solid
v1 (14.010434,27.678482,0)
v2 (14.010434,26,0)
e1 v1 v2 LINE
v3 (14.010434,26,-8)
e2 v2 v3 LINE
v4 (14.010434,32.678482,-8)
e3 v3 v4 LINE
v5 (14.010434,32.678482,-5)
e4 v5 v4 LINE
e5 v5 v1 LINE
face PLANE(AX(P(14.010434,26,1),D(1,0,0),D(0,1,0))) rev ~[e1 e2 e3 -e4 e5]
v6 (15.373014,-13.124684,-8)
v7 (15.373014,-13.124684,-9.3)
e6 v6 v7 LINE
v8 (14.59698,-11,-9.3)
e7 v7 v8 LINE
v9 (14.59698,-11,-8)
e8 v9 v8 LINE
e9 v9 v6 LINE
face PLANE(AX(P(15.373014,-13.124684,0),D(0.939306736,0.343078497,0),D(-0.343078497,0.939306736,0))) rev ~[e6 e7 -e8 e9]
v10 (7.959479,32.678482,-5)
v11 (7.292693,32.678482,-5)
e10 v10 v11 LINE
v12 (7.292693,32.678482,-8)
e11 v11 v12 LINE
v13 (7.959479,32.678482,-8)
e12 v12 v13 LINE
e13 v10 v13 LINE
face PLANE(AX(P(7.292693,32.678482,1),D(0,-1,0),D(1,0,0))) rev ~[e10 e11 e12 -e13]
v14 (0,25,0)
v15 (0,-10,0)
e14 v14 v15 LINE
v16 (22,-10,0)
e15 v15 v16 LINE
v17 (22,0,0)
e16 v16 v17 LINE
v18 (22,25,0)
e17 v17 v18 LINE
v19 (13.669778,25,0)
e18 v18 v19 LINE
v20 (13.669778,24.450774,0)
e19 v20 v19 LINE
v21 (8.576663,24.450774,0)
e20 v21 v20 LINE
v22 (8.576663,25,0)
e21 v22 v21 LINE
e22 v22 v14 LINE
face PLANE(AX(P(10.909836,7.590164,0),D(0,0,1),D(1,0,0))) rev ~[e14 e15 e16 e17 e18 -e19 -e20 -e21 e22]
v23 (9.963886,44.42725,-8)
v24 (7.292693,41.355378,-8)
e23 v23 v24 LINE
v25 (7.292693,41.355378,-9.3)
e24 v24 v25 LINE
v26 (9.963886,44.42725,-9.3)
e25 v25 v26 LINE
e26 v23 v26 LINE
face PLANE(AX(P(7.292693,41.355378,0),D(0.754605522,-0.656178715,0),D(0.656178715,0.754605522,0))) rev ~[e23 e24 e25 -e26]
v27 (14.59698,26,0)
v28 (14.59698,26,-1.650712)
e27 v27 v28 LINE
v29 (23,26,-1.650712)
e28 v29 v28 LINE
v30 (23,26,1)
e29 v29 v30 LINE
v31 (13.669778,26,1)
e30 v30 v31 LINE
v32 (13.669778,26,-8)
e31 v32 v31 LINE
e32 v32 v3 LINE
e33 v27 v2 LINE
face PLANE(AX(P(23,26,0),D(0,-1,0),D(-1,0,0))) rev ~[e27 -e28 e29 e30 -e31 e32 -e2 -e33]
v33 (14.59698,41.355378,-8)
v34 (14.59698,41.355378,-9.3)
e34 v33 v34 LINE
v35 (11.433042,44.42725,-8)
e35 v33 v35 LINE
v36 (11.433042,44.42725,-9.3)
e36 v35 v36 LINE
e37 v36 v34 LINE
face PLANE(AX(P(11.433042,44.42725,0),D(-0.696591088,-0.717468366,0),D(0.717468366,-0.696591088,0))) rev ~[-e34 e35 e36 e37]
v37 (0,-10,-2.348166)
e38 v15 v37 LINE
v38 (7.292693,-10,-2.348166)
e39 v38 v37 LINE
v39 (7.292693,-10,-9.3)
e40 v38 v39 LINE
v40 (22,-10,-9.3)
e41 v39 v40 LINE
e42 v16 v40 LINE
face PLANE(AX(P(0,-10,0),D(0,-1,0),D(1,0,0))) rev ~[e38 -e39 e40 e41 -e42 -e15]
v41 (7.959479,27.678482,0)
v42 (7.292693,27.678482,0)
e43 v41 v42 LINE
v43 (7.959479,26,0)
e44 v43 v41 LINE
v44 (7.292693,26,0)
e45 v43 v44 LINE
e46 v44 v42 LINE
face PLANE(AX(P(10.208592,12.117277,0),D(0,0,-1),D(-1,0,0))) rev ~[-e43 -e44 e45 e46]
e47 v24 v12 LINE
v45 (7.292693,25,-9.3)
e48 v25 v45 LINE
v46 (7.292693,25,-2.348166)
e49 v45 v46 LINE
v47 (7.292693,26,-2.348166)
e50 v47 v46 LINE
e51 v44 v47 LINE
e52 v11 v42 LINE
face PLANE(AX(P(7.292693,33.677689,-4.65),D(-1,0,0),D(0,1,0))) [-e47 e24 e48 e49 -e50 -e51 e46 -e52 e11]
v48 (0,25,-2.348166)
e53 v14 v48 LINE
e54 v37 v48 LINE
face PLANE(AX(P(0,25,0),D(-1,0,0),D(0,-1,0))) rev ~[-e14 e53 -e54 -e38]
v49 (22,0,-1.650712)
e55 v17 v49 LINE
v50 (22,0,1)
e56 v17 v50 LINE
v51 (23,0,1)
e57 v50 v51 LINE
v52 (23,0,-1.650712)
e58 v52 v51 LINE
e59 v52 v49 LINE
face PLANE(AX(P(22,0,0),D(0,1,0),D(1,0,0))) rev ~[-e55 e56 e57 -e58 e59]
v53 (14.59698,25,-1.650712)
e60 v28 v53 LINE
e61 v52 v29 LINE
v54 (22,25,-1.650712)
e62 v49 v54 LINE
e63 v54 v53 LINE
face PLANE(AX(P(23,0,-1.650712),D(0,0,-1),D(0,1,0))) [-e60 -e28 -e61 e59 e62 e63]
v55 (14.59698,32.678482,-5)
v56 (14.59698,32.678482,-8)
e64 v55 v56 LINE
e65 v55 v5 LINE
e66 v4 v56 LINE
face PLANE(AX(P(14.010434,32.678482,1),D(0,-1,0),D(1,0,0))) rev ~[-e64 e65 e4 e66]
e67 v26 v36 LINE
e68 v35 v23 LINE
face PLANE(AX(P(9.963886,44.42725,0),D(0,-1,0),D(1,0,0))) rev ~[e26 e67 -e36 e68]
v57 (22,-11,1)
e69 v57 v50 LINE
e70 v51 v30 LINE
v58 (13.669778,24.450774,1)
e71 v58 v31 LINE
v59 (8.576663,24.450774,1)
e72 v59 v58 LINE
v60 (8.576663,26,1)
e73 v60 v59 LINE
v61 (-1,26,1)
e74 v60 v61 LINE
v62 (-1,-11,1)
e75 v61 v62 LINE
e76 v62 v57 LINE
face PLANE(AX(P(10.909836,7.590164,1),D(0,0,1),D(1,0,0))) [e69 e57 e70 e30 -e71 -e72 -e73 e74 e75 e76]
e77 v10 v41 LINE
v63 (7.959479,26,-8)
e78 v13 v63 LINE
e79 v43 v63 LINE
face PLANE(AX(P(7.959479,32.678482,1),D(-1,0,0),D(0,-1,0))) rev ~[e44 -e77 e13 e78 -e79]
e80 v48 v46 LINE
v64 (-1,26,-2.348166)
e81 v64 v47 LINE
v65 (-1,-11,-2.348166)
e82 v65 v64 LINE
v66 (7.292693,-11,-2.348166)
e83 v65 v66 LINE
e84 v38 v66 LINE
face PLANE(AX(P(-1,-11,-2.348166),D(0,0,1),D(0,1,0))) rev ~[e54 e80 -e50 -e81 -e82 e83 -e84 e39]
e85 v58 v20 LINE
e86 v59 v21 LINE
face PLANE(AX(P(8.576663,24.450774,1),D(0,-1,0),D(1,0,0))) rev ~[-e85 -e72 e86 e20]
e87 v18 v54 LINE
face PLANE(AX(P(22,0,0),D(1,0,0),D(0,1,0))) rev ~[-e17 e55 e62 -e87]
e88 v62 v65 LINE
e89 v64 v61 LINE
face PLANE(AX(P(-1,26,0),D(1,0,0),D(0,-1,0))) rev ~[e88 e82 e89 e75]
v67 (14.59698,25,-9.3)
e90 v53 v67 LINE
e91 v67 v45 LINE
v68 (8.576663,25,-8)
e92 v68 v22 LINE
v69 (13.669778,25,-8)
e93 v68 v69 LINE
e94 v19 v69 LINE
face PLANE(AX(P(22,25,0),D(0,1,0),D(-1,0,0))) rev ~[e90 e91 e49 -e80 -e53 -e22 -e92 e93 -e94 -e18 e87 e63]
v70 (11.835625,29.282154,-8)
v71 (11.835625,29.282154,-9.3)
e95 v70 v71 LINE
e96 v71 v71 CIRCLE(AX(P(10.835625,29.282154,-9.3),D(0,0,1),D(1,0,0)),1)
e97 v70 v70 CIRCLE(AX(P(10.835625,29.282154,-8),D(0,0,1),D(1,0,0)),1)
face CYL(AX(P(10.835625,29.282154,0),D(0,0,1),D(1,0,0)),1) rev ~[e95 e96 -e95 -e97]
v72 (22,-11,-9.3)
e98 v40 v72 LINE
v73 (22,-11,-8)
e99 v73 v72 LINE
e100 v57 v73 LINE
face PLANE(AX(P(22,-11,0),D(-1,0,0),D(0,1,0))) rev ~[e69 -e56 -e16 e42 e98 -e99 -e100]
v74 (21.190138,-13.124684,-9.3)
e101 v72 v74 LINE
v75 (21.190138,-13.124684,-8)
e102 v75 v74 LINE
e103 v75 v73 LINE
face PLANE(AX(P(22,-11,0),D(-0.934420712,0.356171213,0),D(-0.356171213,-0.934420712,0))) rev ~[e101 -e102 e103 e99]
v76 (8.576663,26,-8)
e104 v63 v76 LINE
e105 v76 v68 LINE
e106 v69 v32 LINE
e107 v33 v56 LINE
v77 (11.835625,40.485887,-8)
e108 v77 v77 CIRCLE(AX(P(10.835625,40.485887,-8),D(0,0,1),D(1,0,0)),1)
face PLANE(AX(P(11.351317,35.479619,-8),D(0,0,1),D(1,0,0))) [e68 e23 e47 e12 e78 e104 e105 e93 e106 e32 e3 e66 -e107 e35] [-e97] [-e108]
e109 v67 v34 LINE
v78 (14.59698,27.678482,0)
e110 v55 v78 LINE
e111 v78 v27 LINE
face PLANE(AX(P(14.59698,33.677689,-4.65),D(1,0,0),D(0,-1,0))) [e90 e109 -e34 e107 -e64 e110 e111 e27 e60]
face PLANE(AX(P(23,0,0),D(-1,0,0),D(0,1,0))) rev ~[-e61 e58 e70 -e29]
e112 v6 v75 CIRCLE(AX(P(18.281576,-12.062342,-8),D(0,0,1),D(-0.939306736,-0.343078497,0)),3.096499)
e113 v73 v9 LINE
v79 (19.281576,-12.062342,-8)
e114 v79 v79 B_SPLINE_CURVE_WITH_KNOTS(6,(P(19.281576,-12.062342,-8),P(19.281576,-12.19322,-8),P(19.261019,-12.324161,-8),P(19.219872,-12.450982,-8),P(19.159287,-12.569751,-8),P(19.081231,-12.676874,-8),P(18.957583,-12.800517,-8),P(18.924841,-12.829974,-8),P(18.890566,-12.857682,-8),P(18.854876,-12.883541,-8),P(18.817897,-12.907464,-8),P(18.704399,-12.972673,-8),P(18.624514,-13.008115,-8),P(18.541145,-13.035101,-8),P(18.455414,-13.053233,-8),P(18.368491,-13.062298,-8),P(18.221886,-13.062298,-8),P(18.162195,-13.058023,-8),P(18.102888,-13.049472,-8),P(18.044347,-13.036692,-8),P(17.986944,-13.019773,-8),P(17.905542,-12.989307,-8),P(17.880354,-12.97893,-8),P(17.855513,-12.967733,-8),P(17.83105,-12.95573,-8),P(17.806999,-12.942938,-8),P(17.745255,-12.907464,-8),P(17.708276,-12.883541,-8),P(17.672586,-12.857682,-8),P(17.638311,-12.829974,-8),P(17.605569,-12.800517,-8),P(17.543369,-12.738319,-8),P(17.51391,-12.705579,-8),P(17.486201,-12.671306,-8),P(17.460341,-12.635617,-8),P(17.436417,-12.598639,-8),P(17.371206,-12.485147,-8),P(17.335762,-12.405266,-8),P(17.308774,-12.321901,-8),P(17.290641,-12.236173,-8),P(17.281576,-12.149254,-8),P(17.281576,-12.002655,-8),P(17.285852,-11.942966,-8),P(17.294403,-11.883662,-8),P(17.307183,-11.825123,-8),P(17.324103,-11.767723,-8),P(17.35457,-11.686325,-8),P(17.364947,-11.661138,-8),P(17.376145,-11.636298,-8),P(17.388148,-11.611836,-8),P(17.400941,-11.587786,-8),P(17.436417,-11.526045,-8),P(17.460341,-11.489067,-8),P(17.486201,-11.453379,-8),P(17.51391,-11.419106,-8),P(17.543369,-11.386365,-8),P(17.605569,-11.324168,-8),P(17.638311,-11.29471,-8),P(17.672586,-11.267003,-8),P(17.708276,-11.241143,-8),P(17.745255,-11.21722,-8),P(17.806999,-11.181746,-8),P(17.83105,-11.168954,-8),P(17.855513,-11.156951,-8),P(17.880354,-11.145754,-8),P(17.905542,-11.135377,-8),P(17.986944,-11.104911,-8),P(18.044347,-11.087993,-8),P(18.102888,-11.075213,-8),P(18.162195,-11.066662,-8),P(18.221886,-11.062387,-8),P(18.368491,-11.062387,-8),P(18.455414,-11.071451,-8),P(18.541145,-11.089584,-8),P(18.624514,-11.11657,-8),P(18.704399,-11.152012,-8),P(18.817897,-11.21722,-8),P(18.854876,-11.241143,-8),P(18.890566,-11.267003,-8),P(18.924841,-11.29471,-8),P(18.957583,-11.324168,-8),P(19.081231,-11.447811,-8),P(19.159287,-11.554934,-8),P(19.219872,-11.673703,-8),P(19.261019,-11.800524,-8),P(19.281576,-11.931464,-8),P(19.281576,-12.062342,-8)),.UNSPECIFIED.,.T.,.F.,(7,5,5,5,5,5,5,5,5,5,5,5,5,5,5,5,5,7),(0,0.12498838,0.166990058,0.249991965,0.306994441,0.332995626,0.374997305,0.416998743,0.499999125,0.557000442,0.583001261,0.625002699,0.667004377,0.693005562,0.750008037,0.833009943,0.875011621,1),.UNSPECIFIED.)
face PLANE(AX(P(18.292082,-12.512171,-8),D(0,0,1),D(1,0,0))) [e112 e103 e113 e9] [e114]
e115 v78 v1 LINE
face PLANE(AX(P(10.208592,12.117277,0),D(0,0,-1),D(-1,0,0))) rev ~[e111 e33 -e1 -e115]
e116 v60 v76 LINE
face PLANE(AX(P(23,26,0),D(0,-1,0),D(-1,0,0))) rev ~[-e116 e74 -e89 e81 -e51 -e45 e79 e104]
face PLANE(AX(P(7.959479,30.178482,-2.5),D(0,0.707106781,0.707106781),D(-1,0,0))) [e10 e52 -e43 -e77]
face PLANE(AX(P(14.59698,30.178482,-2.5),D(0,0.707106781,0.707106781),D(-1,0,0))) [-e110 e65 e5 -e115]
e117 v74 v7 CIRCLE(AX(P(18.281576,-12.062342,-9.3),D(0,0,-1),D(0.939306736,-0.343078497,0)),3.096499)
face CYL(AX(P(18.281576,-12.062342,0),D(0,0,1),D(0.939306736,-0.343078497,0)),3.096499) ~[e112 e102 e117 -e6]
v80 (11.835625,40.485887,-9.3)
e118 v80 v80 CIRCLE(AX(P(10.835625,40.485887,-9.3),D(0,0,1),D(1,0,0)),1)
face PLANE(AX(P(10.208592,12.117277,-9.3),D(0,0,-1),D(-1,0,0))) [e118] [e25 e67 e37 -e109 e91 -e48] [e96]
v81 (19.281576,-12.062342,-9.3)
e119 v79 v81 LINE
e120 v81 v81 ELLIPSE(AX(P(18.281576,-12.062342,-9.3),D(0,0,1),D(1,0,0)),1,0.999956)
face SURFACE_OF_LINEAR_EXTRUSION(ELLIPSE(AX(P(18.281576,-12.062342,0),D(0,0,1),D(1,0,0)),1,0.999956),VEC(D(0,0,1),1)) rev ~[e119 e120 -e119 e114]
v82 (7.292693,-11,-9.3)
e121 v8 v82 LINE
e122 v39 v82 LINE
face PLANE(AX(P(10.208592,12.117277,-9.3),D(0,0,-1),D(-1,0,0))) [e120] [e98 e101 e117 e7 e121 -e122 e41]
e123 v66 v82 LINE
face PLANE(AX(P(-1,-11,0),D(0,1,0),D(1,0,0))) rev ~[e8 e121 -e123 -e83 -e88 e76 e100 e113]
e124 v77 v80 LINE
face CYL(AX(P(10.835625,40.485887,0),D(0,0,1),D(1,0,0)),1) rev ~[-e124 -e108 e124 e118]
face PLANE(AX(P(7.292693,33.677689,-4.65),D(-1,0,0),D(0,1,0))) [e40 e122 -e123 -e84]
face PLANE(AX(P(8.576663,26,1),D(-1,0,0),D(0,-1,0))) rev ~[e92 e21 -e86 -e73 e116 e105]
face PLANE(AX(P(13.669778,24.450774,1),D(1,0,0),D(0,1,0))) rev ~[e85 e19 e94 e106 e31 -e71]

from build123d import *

# Parameters (mm, degrees)
ESQUISSE1_R             = 1
ESQUISSE1_RX            = 1
ESQUISSE1_RY            = 0.999955708
EXTRUSION1_DEPTH        = 9.3
EXTRUSION2_DEPTH        = 1
ENL_V_MAT_EXTRU_1_REACH = 53.345
ESQUISSE3_W             = 7.649288298
ESQUISSE3_H             = 26
ENL_V_MAT_EXTRU_2_REACH = 53.345
ESQUISSE4_W             = 6.951833508
ESQUISSE4_H             = 37
ENL_V_MAT_EXTRU_3_DEPTH = 9
CHANFREIN1_SIZE         = 5
ENL_V_MAT_EXTRU_4_DEPTH = 8


with BuildPart() as part:
    # Esquisse1 → Extrusion1 (new body)
    with BuildSketch(Plane.XY):
        with BuildLine():
            Line((22, 0), (22, 25))
            Line((22, 25), (0, 25))
            Line((0, 25), (0, -10))
            Line((0, -10), (22, -10))
            Line((22, -10), (22, -11))
            Line((22, -11), (21.190138404, -13.124684482))
            ThreePointArc((21.190138404, -13.124684482), (18.28157598, -15.158841298), (15.373013556, -13.124684482))
            Line((15.373013556, -13.124684482), (14.596979988, -11))
            Line((14.596979988, -11), (-1, -11))
            Line((-1, -11), (-1, 26))
            Line((-1, 26), (7.292692784, 26))
            Line((7.292692784, 26), (7.292692784, 41.355378005))
            Line((7.292692784, 41.355378005), (9.96388584, 44.427250018))
            Line((9.96388584, 44.427250018), (11.43304202, 44.427250018))
            Line((11.43304202, 44.427250018), (14.596979988, 41.355378005))
            Line((14.596979988, 41.355378005), (14.596979988, 26))
            Line((14.596979988, 26), (23, 26))
            Line((23, 26), (23, 0))
            Line((23, 0), (22, 0))
        make_face()
        with Locations((10.835624977, 29.282154136)):
            Circle(ESQUISSE1_R, mode=Mode.SUBTRACT)
        with Locations((10.835624977, 40.485887017)):
            Circle(ESQUISSE1_R, mode=Mode.SUBTRACT)
        with Locations(Location((18.28157598, -12.062342241), (0, 0, 0))):
            Ellipse(ESQUISSE1_RX, ESQUISSE1_RY, mode=Mode.SUBTRACT)
    extrude(amount=-EXTRUSION1_DEPTH)

    # Esquisse2 → Extrusion2 (add)
    with BuildSketch(Plane.XY):
        Polygon((22, 0), (23, 0), (23, 26), (-1, 26), (-1, -11), (22, -11), align=None)
    extrude(amount=EXTRUSION2_DEPTH)

    # Enlèv. mat.-Extru.1: up to this face of the body (flat: up to its plane)
    enl_v_mat_extru_1_end = Plane(part.part.faces().sort_by_distance((14.596979988, 33.677689002, -4.65))[0])
    # Esquisse3 → Enlèv. mat.-Extru.1 (cut, up to the picked face)
    with BuildSketch(Plane(origin=(23, 0, 0), x_dir=(0, 0, -1), z_dir=(1, 0, 0)), mode=Mode.PRIVATE) as enl_v_mat_extru_1_sk1:
        with Locations((5.475355851, 13)):
            Rectangle(ESQUISSE3_W, ESQUISSE3_H)
    enl_v_mat_extru_1_tool1 = split(extrude(enl_v_mat_extru_1_sk1.sketch, amount=-ENL_V_MAT_EXTRU_1_REACH, mode=Mode.PRIVATE), bisect_by=enl_v_mat_extru_1_end, keep=Keep.BOTH, mode=Mode.PRIVATE)
    add(enl_v_mat_extru_1_tool1.solids().sort_by(Axis((23, 13, -5.475356), (-1, 0, 0)))[0], mode=Mode.SUBTRACT)

    # Enlèv. mat.-Extru.2: up to this face of the body (flat: up to its plane)
    enl_v_mat_extru_2_end = Plane(part.part.faces().sort_by_distance((7.292692784, 33.677689002, -4.65))[0])
    # Esquisse4 → Enlèv. mat.-Extru.2 (cut, up to the picked face)
    with BuildSketch(Plane.ZY.offset(1), mode=Mode.PRIVATE) as enl_v_mat_extru_2_sk1:
        with Locations((-5.824083246, 7.5)):
            Rectangle(ESQUISSE4_W, ESQUISSE4_H)
    enl_v_mat_extru_2_tool1 = split(extrude(enl_v_mat_extru_2_sk1.sketch, amount=-ENL_V_MAT_EXTRU_2_REACH, mode=Mode.PRIVATE), bisect_by=enl_v_mat_extru_2_end, keep=Keep.BOTH, mode=Mode.PRIVATE)
    add(enl_v_mat_extru_2_tool1.solids().sort_by(Axis((-1, 7.5, -5.824083), (1, 0, 0)))[0], mode=Mode.SUBTRACT)

    # Esquisse5 → Enlèv. mat.-Extru.3 (cut)
    with BuildSketch(Plane.XY.offset(1)):
        Polygon((8.576662765, 24.450773838), (13.66977831, 24.450773838), (13.66977831, 26), (14.010433901, 26), (14.010433901, 32.678482304), (15.670246393, 32.678482304), (15.670246393, 45.814943355), (7.292692784, 45.814943355), (7.292692784, 32.678482304), (7.959479115, 32.678482304), (7.959479115, 26), (8.576662765, 26), align=None)
    extrude(amount=-ENL_V_MAT_EXTRU_3_DEPTH, mode=Mode.SUBTRACT)

    # Chanfrein1
    chanfrein1_edges = [part.edges().sort_by_distance(p)[0] for p in [
        (7.62608595, 32.678482304, 0),
        (14.303706945, 32.678482304, 0),
    ]]
    chamfer(chanfrein1_edges, length=CHANFREIN1_SIZE)

    # Esquisse6 → Enlèv. mat.-Extru.4 (cut)
    with BuildSketch(Plane.XY):
        with BuildLine():
            Line((22, -11), (14.596979988, -11))
            Line((14.596979988, -11), (15.373013556, -13.124684482))
            ThreePointArc((15.373013556, -13.124684482), (18.28157598, -15.158841298), (21.190138404, -13.124684482))
            Line((21.190138404, -13.124684482), (22, -11))
        make_face()
    extrude(amount=-ENL_V_MAT_EXTRU_4_DEPTH, mode=Mode.SUBTRACT)


solid = part.part
